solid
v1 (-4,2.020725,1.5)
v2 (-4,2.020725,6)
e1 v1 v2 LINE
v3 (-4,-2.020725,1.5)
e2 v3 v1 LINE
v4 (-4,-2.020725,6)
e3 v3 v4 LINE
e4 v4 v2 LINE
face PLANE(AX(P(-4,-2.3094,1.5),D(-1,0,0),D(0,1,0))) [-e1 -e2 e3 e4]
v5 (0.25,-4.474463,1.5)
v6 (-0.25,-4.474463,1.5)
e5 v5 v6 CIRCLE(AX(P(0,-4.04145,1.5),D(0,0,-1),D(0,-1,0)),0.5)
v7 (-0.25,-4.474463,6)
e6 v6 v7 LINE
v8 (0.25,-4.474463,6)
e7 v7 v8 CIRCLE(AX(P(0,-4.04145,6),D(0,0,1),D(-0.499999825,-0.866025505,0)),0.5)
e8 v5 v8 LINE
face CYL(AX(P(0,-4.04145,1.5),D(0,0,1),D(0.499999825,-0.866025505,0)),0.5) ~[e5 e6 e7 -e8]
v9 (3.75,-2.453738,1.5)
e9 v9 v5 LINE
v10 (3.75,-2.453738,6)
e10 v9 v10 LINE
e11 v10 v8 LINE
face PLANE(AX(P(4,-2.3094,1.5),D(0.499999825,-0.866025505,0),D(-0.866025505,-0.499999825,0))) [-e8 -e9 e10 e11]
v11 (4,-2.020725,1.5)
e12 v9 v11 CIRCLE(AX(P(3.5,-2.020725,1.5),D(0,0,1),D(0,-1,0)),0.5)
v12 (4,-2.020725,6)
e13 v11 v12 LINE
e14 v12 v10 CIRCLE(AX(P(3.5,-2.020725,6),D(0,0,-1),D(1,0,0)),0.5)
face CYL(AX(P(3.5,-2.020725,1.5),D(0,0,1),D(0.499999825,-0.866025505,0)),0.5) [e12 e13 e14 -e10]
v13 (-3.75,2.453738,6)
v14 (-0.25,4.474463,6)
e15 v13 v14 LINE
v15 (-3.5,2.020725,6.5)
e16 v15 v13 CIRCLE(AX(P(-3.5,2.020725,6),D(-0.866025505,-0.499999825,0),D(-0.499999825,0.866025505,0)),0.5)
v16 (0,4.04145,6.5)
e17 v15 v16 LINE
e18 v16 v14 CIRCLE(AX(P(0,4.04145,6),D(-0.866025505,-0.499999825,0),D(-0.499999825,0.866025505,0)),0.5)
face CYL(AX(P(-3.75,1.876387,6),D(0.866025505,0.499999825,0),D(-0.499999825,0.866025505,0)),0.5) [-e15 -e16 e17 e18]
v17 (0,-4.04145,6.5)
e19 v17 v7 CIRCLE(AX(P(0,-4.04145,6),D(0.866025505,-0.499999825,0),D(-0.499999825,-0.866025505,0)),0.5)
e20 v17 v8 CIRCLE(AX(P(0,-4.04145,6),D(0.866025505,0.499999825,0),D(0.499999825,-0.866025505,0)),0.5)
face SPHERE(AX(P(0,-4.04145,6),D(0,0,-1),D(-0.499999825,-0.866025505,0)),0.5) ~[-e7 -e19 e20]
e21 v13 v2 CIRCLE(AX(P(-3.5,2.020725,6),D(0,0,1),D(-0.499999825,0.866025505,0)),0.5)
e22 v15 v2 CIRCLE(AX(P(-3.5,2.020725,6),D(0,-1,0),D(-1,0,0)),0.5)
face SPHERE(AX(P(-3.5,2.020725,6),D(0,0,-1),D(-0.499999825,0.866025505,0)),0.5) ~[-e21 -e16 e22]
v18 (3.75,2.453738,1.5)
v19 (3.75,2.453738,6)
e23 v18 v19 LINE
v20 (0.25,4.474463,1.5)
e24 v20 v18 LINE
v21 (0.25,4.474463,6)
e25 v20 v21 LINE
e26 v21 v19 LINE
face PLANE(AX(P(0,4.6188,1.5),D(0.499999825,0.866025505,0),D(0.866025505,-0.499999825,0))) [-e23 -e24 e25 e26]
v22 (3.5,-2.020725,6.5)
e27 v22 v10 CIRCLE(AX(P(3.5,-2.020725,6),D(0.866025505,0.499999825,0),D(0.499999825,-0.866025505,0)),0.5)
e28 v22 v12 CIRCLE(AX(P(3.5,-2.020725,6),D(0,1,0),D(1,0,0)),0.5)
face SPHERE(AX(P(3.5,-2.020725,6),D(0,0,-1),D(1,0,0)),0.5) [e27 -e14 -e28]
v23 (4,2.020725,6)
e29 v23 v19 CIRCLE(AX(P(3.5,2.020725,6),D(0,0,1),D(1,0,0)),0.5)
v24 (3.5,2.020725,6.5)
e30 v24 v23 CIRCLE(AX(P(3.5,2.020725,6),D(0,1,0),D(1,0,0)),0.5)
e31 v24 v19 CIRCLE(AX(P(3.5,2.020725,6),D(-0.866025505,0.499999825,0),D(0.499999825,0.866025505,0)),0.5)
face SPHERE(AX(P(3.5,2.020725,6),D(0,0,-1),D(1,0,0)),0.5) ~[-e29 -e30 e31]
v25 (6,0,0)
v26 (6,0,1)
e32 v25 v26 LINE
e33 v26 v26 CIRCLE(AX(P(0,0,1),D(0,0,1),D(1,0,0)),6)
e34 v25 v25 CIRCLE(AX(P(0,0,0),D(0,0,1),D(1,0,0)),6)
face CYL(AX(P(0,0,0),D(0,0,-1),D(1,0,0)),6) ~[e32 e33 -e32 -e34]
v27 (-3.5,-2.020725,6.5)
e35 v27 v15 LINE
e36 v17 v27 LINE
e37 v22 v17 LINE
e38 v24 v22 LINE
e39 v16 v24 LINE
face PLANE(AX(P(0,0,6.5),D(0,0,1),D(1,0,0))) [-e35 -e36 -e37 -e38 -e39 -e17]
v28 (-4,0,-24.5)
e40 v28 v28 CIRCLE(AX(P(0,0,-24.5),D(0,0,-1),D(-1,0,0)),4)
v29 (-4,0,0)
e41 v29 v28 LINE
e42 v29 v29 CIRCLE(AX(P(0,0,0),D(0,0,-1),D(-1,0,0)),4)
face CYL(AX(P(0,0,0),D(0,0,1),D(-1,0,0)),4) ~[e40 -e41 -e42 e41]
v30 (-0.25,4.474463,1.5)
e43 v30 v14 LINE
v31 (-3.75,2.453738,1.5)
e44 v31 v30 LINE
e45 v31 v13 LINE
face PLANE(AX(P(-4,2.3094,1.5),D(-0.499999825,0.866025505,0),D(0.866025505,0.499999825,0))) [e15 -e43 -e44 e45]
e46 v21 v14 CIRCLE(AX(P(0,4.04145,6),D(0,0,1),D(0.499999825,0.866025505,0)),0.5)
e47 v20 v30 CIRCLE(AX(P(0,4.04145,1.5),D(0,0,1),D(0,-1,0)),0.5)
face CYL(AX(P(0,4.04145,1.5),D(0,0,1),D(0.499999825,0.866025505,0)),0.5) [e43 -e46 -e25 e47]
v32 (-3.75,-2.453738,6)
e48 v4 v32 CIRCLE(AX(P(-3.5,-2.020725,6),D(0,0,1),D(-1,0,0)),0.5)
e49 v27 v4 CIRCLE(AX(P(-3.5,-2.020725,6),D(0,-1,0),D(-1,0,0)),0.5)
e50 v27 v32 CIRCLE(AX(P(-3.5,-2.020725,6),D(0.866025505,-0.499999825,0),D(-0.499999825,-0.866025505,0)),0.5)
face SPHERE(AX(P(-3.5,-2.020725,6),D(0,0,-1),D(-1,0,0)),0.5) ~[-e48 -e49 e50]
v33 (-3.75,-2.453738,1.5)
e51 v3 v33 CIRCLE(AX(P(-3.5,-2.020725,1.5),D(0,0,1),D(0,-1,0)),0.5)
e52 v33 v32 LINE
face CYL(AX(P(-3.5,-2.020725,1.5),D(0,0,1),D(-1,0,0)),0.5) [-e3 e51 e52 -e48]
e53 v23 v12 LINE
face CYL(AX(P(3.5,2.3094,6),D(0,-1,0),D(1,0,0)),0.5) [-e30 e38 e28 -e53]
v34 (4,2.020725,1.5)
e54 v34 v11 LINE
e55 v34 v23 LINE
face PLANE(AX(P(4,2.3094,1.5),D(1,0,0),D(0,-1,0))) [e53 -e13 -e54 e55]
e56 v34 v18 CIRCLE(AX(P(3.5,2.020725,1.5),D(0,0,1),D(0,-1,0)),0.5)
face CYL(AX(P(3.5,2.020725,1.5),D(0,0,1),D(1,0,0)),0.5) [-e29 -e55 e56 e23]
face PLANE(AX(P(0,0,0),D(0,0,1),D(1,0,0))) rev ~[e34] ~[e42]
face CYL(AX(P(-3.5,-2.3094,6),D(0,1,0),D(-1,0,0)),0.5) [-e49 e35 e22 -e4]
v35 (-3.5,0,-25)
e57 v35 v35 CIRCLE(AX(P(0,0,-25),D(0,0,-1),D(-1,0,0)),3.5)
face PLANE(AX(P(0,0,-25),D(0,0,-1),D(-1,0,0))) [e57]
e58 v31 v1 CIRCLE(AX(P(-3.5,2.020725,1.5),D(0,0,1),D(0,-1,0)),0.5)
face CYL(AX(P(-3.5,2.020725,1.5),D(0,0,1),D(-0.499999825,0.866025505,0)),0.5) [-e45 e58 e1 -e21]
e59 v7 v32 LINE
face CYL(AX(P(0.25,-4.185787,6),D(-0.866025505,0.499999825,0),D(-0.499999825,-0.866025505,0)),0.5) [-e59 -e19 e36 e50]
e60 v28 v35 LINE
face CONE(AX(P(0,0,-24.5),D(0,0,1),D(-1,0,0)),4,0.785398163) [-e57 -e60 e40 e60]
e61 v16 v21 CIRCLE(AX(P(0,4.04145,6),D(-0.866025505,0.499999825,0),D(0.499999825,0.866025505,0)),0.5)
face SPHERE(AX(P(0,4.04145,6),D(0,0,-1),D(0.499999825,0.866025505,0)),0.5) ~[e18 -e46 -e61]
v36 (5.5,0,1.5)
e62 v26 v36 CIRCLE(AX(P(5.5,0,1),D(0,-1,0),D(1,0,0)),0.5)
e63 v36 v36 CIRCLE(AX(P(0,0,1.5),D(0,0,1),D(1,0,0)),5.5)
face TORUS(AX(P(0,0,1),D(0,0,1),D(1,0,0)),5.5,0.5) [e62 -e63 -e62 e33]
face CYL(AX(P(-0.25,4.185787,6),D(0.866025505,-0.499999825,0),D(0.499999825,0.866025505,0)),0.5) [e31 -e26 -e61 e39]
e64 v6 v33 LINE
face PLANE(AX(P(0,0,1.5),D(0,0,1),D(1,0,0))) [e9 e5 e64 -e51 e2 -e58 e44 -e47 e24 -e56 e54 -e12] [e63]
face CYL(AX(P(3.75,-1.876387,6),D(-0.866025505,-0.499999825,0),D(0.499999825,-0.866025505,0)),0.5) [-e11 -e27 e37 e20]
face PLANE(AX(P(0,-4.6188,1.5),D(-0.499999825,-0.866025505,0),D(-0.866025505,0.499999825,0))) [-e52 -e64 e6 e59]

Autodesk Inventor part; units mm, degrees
ref_plane "YZ Plane" through (0, 0, 0) normal (1, 0, 0) x (0, 1, 0)
ref_plane "XZ Plane" through (0, 0, 0) normal (0, 1, 0) x (-1, 0, 0)
ref_plane "XY Plane" through (0, 0, 0) normal (0, 0, 1) x (1, 0, 0)
sketch "草图1" plane through (0, 0, 0) normal (0, 0, 1) x (1, 0, 0)
  circle A0 centre (0, 0) radius 6
  dimension "d0" = 12
extrude "拉伸1" add sketch "草图1" along normal blind 1.5
sketch "草图2" plane through (0, 0, 1.5) normal (0, 0, 1) x (1, 0, 0)
  line L0 (0, -4.6188) -> (-4, -2.3094)
  line L1 (-4, -2.3094) -> (-4, 2.3094)
  line L2 (-4, 2.3094) -> (0, 4.6188)
  line L3 (0, 4.6188) -> (4, 2.3094)
  line L4 (4, 2.3094) -> (4, -2.3094)
  line L5 (4, -2.3094) -> (0, -4.6188)
  line L6 (0, 0) -> (0, 2.9591)
  dimension "d3" = 8
  dimension "d4" = 2.9591
extrude "拉伸2" add sketch "草图2" along normal blind 5
sketch "草图3" plane through (0, 0, 0) normal (0, 0, -1) x (-1, 0, 0)
  circle A0 centre (0, 0) radius 4
  dimension "d7" = 8
extrude "拉伸3" add sketch "草图3" along normal blind 25
thread "螺纹1" size "M8x1.25" class "6g" standard "ANSI Metric M Profile" full length
chamfer "倒角1" distance 0.5 angle 45 1 edges at (4, 0, -25)
fillet "圆角1" radius 0.5 13 edges at (-6, 0, 1.5) (4, 0, 6.5) (2, 3.4641, 6.5) (-2, 3.4641, 6.5) (-4, 0, 6.5) (-2, -3.4641, 6.5) (2, -3.4641, 6.5) (4, 2.3094, 4) (0, 4.6188, 4) (4, -2.3094, 4) (0, -4.6188, 4) (-4, -2.3094, 4) (-4, 2.3094, 4)
properties part number "装填斗固定螺丝"
